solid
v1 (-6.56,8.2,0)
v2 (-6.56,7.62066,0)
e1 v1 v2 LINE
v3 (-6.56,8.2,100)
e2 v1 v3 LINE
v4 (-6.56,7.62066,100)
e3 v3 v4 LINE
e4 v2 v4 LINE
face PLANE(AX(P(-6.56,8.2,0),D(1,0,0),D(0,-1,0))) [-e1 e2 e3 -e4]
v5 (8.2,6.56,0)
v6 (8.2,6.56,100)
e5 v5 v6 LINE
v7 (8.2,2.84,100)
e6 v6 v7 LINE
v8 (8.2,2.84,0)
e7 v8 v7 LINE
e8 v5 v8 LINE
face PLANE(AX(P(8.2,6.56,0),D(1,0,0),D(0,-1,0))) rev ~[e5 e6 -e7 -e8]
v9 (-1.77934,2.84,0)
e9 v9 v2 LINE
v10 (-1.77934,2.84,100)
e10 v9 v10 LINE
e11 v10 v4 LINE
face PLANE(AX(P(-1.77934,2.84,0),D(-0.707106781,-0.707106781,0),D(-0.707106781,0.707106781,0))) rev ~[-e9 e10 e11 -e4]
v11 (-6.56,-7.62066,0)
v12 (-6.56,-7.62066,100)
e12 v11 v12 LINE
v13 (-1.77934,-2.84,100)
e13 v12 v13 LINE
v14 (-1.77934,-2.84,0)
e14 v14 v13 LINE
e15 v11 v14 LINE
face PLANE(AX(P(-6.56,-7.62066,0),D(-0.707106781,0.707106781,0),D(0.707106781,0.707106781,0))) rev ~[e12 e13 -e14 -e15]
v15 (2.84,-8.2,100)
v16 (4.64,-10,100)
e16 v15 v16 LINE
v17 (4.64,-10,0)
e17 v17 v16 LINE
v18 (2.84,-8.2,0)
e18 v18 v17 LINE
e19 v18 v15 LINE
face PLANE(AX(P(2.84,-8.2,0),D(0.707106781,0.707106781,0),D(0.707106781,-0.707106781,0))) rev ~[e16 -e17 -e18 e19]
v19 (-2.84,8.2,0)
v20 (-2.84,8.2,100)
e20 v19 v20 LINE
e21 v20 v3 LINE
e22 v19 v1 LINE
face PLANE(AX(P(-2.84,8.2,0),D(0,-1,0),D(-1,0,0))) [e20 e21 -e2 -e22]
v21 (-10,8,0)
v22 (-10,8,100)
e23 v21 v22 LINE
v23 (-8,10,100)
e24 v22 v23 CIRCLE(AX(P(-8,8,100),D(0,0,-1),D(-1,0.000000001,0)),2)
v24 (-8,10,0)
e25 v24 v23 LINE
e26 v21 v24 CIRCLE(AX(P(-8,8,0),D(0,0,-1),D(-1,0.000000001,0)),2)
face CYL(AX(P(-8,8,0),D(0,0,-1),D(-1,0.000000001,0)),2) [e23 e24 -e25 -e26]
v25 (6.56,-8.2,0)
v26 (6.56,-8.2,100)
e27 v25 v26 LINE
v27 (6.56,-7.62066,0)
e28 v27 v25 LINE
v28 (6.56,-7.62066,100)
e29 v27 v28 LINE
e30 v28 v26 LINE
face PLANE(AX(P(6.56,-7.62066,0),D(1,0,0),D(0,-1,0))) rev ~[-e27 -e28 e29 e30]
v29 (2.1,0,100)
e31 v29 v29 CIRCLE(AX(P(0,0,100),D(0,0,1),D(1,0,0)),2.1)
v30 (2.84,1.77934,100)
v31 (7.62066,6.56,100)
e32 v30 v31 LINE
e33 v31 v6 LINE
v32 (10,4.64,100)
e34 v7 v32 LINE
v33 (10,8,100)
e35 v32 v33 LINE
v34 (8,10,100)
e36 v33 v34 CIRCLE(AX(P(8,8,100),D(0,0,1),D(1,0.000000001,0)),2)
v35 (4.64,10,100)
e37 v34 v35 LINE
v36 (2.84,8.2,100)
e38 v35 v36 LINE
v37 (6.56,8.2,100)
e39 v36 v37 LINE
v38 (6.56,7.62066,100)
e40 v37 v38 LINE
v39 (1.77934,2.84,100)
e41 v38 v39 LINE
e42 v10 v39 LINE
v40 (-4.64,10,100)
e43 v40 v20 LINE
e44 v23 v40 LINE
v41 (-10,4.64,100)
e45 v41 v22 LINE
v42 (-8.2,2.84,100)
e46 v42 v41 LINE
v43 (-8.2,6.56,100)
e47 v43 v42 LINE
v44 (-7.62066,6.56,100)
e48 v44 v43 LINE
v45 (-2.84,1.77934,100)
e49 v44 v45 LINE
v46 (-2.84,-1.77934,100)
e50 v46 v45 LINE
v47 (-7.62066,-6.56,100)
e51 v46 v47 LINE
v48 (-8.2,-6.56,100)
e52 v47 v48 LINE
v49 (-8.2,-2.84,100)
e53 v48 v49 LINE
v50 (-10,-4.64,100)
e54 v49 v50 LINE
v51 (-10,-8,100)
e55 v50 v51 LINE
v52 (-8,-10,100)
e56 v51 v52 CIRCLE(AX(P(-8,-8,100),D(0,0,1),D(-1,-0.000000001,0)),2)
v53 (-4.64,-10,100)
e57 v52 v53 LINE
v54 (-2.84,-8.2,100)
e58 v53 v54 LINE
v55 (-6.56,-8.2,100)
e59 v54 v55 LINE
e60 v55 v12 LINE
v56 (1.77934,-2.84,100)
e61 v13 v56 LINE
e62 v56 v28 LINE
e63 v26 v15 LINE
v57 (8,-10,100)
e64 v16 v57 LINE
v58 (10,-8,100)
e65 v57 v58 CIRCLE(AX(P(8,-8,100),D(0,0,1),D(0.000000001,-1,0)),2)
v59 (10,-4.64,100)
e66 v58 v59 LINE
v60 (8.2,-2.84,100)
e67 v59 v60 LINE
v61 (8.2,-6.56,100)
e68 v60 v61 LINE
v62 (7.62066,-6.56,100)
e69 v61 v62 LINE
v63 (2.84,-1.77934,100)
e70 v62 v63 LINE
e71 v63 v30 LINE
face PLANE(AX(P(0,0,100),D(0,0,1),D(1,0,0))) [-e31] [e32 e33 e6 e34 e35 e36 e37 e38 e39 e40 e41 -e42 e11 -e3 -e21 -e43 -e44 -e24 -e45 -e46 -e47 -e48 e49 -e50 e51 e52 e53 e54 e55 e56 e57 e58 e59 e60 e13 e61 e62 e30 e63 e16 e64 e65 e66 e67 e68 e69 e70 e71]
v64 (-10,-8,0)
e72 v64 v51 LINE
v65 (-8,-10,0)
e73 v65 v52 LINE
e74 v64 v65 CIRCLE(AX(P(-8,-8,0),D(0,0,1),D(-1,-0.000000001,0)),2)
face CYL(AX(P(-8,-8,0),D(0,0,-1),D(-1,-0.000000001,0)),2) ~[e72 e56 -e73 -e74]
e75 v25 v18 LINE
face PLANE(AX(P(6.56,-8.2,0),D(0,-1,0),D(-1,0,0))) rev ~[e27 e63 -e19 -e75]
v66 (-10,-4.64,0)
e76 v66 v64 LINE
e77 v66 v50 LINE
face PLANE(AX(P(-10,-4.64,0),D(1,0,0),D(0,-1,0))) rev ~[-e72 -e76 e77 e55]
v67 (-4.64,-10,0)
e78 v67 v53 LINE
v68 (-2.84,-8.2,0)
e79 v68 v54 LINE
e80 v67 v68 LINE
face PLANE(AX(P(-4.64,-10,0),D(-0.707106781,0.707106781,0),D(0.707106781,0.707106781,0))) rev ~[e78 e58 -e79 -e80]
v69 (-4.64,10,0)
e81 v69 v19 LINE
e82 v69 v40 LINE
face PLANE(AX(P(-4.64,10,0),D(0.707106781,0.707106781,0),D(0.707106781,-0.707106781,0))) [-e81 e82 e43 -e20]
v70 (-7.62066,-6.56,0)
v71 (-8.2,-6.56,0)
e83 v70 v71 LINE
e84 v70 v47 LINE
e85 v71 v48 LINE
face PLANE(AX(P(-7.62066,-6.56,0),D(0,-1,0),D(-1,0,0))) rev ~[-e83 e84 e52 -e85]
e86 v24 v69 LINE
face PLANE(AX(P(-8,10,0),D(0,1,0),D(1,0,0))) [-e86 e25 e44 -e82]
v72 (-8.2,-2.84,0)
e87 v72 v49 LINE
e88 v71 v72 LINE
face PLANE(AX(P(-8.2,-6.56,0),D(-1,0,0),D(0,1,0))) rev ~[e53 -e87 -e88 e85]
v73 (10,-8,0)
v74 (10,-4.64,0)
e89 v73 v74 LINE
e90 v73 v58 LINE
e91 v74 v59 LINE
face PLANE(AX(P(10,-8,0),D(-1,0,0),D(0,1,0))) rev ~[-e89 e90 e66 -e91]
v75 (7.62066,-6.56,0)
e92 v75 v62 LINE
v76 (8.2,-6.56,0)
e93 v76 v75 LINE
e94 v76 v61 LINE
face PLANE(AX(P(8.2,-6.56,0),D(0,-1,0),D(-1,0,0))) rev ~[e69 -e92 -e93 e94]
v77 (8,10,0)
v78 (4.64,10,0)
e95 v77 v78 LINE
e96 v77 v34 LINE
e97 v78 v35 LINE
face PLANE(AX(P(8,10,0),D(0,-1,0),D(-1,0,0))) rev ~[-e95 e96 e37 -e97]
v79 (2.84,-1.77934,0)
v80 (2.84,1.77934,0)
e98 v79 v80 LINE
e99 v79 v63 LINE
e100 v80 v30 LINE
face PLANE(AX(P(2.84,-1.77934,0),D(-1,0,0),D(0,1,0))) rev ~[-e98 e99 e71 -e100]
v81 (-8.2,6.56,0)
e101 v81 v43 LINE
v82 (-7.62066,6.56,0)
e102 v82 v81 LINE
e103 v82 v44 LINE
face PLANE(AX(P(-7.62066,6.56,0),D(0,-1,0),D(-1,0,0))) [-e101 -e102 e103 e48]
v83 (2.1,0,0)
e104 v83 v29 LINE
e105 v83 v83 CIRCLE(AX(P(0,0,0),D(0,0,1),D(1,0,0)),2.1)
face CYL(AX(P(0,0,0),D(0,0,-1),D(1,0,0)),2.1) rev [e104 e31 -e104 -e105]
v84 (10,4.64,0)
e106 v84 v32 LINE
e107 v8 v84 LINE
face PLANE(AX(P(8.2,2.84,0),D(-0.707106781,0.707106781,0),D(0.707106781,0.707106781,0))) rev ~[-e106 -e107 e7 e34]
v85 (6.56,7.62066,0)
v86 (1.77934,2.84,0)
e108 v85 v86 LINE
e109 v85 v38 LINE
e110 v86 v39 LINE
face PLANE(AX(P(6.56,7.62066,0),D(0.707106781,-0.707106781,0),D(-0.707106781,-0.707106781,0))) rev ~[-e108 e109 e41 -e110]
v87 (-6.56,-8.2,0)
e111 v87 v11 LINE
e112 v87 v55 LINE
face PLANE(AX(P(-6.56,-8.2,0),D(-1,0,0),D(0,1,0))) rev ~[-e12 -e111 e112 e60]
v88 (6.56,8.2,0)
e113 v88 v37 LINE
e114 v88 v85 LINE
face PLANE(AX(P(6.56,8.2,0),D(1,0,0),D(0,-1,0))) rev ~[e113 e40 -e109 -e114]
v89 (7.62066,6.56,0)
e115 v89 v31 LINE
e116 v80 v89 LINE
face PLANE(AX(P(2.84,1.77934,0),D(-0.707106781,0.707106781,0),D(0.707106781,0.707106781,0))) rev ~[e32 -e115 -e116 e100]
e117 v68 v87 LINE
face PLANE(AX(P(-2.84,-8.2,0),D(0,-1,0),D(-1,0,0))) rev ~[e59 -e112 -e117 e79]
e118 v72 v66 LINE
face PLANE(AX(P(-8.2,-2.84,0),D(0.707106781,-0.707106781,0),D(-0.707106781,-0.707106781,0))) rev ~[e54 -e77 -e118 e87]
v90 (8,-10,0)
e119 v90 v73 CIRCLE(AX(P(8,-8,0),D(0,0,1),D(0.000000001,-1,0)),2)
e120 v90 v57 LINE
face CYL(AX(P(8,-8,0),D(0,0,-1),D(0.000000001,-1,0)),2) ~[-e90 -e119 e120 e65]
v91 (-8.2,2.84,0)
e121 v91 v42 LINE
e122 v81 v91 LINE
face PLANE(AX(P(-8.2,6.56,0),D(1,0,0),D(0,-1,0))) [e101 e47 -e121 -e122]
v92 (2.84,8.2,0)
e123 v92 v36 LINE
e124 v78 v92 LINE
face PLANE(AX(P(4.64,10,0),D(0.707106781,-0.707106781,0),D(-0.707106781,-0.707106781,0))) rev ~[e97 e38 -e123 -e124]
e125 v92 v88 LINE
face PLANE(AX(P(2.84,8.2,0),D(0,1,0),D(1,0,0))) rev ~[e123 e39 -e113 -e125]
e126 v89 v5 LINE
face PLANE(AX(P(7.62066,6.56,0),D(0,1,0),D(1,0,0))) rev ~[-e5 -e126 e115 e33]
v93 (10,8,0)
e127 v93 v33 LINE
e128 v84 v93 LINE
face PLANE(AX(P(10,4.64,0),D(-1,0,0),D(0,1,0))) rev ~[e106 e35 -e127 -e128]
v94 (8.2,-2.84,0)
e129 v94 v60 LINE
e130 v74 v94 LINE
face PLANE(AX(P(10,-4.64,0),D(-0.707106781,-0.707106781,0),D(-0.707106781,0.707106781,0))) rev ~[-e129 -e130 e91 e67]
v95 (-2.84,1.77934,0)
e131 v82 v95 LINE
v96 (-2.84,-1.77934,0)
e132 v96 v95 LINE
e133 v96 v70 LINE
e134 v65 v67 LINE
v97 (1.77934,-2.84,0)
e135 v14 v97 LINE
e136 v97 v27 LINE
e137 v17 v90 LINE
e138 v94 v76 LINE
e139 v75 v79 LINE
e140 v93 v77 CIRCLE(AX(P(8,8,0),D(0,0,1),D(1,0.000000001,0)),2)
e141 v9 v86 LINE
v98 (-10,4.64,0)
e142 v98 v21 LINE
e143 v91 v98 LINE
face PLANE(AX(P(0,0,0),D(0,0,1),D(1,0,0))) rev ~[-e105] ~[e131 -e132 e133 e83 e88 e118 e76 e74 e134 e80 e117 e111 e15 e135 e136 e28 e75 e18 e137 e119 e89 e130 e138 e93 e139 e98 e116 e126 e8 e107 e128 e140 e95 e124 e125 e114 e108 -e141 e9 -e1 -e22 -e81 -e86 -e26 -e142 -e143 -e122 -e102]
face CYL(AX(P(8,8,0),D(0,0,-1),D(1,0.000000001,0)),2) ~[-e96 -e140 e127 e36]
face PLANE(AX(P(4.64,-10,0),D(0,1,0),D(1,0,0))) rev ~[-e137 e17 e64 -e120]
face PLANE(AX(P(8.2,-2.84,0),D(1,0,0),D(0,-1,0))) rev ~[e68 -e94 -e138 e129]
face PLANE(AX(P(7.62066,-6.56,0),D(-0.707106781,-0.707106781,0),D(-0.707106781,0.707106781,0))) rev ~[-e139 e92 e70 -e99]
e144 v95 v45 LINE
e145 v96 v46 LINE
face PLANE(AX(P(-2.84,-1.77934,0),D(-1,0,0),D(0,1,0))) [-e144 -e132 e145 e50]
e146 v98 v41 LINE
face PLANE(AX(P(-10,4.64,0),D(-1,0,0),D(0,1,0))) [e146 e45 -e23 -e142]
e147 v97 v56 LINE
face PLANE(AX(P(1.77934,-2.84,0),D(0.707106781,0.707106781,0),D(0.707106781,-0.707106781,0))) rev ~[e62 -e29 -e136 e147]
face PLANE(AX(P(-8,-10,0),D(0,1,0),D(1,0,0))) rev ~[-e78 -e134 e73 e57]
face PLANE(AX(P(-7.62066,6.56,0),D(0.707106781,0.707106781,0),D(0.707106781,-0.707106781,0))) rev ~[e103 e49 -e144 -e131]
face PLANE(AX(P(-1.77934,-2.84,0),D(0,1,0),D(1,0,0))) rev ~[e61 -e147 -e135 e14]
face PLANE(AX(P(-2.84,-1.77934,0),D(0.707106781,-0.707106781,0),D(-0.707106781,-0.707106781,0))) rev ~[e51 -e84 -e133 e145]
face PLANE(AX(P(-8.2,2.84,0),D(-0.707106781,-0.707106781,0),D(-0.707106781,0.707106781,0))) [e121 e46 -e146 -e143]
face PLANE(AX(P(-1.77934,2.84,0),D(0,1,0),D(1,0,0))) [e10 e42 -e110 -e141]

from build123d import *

# Parameters (mm, degrees)
SKETCH1_W           = 5.68
SKETCH1_H           = 5.68
SKETCH1_R           = 2.1
BOSS_EXTRUDE1_DEPTH = 100


with BuildPart() as part:
    # Sketch1 → Boss-Extrude1 (new body)
    with BuildSketch(Plane.XY):
        Rectangle(SKETCH1_W, SKETCH1_H)
        Circle(SKETCH1_R, mode=Mode.SUBTRACT)
        with BuildLine():
            ThreePointArc((-10, 8), (-9.414213562, 9.414213562), (-8, 10))
            Line((-8, 10), (-4.64, 10))
            Line((-4.64, 10), (-2.84, 8.2))
            Line((-2.84, 8.2), (-6.56, 8.2))
            Line((-6.56, 8.2), (-6.56, 6.56))
            Line((-6.56, 6.56), (-8.2, 6.56))
            Line((-8.2, 6.56), (-8.2, 2.84))
            Line((-8.2, 2.84), (-10, 4.64))
            Line((-10, 4.64), (-10, 8))
        make_face()
        with BuildLine():
            Line((10, 4.64), (10, 8))
            ThreePointArc((10, 8), (9.414213562, 9.414213562), (8, 10))
            Line((8, 10), (4.64, 10))
            Line((4.64, 10), (2.84, 8.2))
            Line((2.84, 8.2), (6.56, 8.2))
            Line((6.56, 8.2), (6.56, 6.56))
            Line((6.56, 6.56), (8.2, 6.56))
            Line((8.2, 6.56), (8.2, 2.84))
            Line((8.2, 2.84), (10, 4.64))
        make_face()
        with BuildLine():
            Line((-10, -4.64), (-10, -8))
            ThreePointArc((-10, -8), (-9.414213562, -9.414213562), (-8, -10))
            Line((-8, -10), (-4.64, -10))
            Line((-4.64, -10), (-2.84, -8.2))
            Line((-2.84, -8.2), (-6.56, -8.2))
            Line((-6.56, -8.2), (-6.56, -6.56))
            Line((-6.56, -6.56), (-8.2, -6.56))
            Line((-8.2, -6.56), (-8.2, -2.84))
            Line((-8.2, -2.84), (-10, -4.64))
        make_face()
        with BuildLine():
            Line((4.64, -10), (8, -10))
            ThreePointArc((8, -10), (9.414213562, -9.414213562), (10, -8))
            Line((10, -8), (10, -4.64))
            Line((10, -4.64), (8.2, -2.84))
            Line((8.2, -2.84), (8.2, -6.56))
            Line((8.2, -6.56), (6.56, -6.56))
            Line((6.56, -6.56), (6.56, -8.2))
            Line((6.56, -8.2), (2.84, -8.2))
            Line((2.84, -8.2), (4.64, -10))
        make_face()
        Polygon((7.620660172, -6.56), (2.84, -1.779339828), (2.84, -2.84), (6.56, -6.56), align=None)
        Polygon((6.56, -6.56), (2.84, -2.84), (1.779339828, -2.84), (6.56, -7.620660172), align=None)
        Polygon((-1.779339828, -2.84), (-2.84, -2.84), (-6.56, -6.56), (-6.56, -7.620660172), align=None)
        Polygon((-2.84, -2.84), (-2.84, -1.779339828), (-7.620660172, -6.56), (-6.56, -6.56), align=None)
        Polygon((-2.84, 1.779339828), (-2.84, 2.84), (-6.56, 6.56), (-7.620660172, 6.56), align=None)
        Polygon((-2.84, 2.84), (-1.779339828, 2.84), (-6.56, 7.620660172), (-6.56, 6.56), align=None)
        Polygon((6.56, 6.56), (6.56, 7.620660172), (1.779339828, 2.84), (2.84, 2.84), align=None)
        Polygon((7.620660172, 6.56), (6.56, 6.56), (2.84, 2.84), (2.84, 1.779339828), align=None)
    extrude(amount=BOSS_EXTRUDE1_DEPTH)


solid = part.part
